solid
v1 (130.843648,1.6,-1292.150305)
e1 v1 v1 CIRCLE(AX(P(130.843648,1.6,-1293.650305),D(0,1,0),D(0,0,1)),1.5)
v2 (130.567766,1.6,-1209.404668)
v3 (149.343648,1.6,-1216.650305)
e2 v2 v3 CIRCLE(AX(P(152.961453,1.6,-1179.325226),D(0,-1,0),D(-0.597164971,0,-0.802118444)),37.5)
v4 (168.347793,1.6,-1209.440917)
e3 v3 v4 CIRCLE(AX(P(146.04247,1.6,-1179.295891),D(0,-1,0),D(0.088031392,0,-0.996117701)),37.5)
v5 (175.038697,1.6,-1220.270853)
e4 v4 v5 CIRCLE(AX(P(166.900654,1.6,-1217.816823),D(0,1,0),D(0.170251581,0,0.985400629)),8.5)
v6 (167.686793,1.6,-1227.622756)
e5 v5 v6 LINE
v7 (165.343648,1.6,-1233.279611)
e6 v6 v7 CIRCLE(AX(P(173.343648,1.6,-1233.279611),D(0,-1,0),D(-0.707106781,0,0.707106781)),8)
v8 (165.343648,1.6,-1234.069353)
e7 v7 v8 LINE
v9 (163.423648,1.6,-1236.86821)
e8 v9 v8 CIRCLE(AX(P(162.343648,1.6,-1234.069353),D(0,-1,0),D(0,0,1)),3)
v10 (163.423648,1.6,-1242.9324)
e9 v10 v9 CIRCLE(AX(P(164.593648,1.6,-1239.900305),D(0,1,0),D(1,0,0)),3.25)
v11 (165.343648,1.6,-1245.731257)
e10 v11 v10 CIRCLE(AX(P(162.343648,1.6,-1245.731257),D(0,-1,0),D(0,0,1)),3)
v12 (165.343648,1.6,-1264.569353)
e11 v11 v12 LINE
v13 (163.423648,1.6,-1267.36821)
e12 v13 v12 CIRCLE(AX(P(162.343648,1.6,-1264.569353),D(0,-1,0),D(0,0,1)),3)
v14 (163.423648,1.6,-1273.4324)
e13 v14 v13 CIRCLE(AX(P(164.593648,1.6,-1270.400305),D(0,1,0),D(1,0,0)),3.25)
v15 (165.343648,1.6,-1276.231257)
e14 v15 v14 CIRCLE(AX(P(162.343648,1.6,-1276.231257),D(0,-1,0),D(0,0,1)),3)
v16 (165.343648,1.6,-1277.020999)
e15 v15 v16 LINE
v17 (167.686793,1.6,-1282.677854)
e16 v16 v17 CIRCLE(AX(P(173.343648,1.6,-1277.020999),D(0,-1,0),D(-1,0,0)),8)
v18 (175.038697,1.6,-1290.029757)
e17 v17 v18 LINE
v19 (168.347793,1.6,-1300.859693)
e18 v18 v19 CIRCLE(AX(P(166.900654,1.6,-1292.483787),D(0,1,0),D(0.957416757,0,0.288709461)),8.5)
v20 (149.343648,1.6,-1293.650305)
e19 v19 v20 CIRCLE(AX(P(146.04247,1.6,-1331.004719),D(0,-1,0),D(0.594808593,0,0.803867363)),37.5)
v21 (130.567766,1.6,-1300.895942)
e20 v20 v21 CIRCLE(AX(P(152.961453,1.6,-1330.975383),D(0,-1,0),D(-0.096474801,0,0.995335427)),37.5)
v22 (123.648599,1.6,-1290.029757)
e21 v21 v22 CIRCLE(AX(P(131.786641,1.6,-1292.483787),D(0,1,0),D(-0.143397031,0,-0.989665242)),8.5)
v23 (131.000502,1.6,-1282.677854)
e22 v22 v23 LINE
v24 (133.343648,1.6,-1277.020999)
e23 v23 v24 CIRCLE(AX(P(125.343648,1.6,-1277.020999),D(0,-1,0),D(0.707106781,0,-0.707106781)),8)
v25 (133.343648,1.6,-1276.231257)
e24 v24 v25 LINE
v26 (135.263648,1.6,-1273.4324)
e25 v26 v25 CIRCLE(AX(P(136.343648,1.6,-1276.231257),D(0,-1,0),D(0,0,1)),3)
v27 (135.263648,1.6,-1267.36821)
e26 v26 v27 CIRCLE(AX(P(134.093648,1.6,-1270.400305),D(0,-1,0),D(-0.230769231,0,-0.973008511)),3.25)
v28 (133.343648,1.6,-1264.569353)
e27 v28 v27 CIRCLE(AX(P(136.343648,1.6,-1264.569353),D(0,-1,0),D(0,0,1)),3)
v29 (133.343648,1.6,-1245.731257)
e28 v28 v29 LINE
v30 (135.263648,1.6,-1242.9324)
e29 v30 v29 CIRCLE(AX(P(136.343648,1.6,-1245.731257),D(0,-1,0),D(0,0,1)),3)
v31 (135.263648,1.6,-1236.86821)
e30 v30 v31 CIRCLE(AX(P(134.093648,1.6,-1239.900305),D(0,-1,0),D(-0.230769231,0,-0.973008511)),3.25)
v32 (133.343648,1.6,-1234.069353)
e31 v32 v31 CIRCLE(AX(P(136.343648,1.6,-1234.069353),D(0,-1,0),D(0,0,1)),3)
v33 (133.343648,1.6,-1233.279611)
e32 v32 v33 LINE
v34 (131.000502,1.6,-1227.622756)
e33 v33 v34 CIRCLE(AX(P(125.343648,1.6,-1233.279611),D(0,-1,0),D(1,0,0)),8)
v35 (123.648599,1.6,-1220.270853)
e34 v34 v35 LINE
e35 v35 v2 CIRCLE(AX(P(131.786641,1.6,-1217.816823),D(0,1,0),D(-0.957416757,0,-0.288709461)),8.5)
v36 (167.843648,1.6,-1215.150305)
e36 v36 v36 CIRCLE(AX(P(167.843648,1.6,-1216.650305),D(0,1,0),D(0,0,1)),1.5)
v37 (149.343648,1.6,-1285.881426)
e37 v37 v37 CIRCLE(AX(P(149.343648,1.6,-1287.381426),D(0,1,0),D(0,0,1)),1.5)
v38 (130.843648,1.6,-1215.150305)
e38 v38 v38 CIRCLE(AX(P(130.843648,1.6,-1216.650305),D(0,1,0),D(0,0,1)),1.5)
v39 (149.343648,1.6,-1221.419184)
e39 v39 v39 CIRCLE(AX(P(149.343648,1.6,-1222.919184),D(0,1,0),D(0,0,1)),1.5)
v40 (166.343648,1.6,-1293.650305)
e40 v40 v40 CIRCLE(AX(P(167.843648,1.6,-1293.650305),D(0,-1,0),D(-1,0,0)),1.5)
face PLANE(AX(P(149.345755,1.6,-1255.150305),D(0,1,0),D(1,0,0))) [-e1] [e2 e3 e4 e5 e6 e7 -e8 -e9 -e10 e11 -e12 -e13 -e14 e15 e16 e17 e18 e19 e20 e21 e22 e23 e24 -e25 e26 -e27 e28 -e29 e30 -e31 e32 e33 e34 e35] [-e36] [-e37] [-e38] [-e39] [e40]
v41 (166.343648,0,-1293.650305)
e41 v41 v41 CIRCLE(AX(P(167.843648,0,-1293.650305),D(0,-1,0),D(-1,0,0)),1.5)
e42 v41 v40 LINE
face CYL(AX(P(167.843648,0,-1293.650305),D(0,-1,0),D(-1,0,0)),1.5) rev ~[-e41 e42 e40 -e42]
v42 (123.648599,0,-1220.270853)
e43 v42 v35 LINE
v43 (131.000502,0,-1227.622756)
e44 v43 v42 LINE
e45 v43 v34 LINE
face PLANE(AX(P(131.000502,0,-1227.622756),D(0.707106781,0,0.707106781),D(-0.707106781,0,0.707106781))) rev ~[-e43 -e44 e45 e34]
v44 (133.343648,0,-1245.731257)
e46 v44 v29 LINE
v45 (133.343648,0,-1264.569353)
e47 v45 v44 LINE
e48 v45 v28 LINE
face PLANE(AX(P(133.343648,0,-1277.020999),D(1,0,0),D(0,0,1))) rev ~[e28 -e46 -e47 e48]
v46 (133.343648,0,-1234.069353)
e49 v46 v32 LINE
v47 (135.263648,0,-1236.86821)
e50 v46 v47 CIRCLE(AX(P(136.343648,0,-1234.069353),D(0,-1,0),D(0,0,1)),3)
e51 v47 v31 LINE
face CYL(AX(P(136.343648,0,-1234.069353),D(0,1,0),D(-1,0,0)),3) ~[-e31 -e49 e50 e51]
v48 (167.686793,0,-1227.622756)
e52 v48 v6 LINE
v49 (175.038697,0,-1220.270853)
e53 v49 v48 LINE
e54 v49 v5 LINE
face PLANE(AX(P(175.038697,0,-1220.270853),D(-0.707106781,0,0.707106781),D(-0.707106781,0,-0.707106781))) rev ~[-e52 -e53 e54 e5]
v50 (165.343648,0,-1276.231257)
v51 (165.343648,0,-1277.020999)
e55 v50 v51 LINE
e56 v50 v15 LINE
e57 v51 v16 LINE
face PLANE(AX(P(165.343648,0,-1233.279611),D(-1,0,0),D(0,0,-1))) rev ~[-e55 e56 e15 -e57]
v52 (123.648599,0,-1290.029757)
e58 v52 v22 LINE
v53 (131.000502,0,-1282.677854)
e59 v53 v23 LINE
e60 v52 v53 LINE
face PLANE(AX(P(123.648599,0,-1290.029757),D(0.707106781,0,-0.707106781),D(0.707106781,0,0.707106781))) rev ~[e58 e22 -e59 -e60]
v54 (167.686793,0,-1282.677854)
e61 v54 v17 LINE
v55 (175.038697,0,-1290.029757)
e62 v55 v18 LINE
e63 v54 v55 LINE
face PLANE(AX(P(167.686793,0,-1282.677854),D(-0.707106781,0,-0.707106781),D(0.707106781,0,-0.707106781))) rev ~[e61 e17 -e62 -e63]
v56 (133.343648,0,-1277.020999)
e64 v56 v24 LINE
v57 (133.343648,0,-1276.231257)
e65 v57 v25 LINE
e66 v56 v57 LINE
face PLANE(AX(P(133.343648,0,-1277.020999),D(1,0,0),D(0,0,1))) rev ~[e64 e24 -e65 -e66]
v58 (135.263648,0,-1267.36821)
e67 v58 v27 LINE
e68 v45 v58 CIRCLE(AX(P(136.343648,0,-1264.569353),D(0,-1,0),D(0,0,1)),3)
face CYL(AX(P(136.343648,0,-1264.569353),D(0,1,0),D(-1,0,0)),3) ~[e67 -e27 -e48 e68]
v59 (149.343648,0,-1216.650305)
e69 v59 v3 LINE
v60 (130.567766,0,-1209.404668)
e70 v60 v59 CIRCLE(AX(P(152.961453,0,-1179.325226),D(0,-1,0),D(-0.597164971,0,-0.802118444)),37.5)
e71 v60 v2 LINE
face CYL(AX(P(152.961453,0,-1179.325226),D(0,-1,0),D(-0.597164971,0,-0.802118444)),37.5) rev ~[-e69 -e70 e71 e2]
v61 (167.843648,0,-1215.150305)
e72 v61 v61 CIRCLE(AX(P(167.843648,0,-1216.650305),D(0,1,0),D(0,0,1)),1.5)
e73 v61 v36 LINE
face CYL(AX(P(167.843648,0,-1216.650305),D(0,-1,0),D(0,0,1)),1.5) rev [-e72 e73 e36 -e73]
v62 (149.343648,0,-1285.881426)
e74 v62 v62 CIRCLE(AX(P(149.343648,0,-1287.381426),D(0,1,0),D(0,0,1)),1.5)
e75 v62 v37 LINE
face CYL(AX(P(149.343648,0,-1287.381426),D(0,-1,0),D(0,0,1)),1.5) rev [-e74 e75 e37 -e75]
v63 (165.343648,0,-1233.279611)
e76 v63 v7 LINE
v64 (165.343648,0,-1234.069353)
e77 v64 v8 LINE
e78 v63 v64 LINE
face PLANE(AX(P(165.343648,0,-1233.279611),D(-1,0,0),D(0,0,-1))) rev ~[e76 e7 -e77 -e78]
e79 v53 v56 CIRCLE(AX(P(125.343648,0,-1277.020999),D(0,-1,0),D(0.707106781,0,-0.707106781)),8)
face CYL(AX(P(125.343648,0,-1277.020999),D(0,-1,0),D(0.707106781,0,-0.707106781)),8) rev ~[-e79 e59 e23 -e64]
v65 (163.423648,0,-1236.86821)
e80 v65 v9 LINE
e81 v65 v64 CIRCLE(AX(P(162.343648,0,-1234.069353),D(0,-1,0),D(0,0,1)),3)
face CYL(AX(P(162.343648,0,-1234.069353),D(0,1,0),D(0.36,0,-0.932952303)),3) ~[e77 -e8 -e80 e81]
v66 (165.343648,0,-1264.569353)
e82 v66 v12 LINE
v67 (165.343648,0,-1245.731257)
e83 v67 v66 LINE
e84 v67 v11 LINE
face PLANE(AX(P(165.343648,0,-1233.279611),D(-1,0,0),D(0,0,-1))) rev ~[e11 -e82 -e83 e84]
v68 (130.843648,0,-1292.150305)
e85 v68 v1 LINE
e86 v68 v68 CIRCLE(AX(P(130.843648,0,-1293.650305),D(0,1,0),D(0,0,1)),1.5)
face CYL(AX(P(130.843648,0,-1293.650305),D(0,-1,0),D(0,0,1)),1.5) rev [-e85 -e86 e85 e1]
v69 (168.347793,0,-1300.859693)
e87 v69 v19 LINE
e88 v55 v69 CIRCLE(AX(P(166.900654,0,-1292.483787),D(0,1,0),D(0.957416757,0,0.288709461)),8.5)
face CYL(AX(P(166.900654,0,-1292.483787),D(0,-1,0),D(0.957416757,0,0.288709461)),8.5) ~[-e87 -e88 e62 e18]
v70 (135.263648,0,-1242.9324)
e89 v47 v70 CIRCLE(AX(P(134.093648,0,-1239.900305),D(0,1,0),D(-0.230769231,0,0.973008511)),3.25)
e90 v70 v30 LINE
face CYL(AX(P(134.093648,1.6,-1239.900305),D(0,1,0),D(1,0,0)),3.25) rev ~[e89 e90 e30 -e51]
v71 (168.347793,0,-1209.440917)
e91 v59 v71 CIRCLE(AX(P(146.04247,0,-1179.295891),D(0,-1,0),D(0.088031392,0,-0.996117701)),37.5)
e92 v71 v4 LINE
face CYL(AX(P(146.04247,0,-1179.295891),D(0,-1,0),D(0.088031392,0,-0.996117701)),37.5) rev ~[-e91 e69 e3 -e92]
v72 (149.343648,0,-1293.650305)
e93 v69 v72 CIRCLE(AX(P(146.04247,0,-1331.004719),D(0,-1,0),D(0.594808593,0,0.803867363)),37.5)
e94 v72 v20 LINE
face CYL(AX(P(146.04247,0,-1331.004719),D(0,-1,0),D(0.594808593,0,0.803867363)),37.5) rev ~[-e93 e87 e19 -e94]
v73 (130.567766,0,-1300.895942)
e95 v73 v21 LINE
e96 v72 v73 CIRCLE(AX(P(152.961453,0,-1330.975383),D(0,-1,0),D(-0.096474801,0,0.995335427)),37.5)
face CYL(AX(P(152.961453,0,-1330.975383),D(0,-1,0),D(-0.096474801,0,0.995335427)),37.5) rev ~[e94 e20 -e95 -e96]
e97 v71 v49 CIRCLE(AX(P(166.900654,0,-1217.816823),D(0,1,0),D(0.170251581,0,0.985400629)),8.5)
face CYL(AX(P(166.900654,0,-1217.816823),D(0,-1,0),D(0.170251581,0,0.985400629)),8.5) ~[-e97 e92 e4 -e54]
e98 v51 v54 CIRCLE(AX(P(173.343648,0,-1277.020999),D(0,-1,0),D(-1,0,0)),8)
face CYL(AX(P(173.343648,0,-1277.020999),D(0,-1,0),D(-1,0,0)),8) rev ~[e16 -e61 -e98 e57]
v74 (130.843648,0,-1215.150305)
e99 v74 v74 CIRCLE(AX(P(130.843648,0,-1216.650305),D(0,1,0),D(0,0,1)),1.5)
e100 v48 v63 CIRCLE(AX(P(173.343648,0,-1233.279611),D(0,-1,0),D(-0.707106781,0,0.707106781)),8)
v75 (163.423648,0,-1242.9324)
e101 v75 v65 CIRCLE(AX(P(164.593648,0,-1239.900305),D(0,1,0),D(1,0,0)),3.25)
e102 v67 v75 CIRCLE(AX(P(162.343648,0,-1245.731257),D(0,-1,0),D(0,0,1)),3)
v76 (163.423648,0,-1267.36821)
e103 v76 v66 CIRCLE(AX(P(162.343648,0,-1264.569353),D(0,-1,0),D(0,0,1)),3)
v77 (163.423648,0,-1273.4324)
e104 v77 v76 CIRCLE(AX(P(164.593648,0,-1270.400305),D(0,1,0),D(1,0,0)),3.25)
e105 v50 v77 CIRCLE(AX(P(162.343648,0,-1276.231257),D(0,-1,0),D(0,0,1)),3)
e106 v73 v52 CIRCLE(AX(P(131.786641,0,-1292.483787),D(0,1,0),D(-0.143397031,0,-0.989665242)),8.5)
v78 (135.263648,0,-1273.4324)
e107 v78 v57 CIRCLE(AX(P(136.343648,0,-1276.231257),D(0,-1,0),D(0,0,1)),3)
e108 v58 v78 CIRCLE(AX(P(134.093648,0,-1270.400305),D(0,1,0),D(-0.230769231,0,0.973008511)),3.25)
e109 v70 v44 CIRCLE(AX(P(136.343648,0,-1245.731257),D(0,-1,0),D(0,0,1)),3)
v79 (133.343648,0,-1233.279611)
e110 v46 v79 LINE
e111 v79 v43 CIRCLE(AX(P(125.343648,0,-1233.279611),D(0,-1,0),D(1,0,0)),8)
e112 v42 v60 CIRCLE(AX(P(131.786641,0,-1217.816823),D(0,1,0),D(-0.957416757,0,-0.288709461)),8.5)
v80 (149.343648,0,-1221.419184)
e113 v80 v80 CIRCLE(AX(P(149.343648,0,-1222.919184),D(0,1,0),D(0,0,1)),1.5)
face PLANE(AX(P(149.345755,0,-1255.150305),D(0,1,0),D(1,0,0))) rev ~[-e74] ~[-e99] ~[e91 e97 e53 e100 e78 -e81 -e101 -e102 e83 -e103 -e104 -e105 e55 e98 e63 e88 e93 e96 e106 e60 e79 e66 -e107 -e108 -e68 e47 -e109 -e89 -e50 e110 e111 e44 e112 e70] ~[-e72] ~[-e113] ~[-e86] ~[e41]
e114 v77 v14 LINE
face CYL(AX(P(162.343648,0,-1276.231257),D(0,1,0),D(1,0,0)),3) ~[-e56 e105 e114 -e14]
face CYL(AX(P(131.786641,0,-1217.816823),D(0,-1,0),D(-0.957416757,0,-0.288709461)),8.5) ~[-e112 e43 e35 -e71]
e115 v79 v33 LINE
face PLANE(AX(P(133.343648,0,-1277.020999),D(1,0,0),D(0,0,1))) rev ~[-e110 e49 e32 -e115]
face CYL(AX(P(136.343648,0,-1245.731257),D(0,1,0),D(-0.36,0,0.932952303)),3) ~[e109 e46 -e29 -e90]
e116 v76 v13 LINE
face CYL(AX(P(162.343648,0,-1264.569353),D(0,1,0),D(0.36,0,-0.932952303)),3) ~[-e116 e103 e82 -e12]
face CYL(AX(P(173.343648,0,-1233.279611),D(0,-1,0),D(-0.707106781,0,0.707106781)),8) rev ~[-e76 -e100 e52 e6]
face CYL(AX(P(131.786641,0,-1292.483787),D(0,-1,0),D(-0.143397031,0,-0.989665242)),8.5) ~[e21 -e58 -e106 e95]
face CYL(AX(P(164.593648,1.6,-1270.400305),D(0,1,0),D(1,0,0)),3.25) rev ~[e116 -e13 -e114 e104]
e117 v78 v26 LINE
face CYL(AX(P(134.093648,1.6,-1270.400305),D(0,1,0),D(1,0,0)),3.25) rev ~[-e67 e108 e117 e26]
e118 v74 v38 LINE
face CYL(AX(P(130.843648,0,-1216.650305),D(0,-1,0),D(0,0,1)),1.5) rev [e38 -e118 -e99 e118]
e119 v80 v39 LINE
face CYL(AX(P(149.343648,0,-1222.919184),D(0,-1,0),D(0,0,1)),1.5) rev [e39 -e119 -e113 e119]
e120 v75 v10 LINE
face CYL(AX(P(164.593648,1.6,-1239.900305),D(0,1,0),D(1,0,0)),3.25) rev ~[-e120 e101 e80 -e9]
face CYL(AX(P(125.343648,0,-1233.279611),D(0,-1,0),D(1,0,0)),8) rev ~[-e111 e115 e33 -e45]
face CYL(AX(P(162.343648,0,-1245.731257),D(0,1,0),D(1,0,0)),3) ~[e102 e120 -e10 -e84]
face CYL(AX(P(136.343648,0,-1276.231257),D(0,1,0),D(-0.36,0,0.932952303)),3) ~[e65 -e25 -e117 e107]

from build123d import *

# Parameters (mm, degrees)
SKETCH1_R           = 1.5
BOSS_EXTRUDE1_DEPTH = 1.6
SKETCH2_R           = 3.25
CUT_EXTRUDE1_DEPTH  = 1.6
FILLET1_R           = 3


with BuildPart() as part:
    # Sketch1 → Boss-Extrude1 (new body)
    with BuildSketch(Plane(origin=(0, 0, 0), x_dir=(1, 0, 0), z_dir=(0, 1, 0))):
        with BuildLine():
            ThreePointArc((168.347792712, 1300.859692621), (159.343486253, 1295.942873675), (149.343647654, 1293.65030495))
            ThreePointArc((149.343647654, 1293.65030495), (139.460555114, 1295.990018463), (130.567766275, 1300.895941835))
            ThreePointArc((130.567766275, 1300.895941835), (124.616810573, 1297.0492589), (123.648598599, 1290.029756856))
            Line((123.648598599, 1290.029756856), (131.000501903, 1282.677853551))
            ThreePointArc((131.000501903, 1282.677853551), (132.734683914, 1280.082466761), (133.343647654, 1277.020999302))
            Line((133.343647654, 1277.020999302), (133.343647654, 1272.65030495))
            Line((133.343647654, 1272.65030495), (133.343647654, 1269.65030495))
            Line((133.343647654, 1269.65030495), (133.343647654, 1240.65030495))
            Line((133.343647654, 1240.65030495), (133.343647654, 1237.65030495))
            Line((133.343647654, 1237.65030495), (133.343647654, 1233.279610599))
            ThreePointArc((133.343647654, 1233.279610599), (132.734683914, 1230.21814314), (131.000501903, 1227.622756349))
            Line((131.000501903, 1227.622756349), (123.648598599, 1220.270853045))
            ThreePointArc((123.648598599, 1220.270853045), (124.616810573, 1213.251351001), (130.567766275, 1209.404668065))
            ThreePointArc((130.567766275, 1209.404668065), (139.460555114, 1214.310591438), (149.343647654, 1216.65030495))
            ThreePointArc((149.343647654, 1216.65030495), (159.343486253, 1214.357736226), (168.347792712, 1209.44091728))
            ThreePointArc((168.347792712, 1209.44091728), (174.131892083, 1213.349250607), (175.038696709, 1220.270853045))
            Line((175.038696709, 1220.270853045), (167.686793404, 1227.622756349))
            ThreePointArc((167.686793404, 1227.622756349), (165.952611394, 1230.21814314), (165.343647654, 1233.279610599))
            Line((165.343647654, 1233.279610599), (165.343647654, 1237.65030495))
            Line((165.343647654, 1237.65030495), (165.343647654, 1240.65030495))
            Line((165.343647654, 1240.65030495), (165.343647654, 1269.65030495))
            Line((165.343647654, 1269.65030495), (165.343647654, 1272.65030495))
            Line((165.343647654, 1272.65030495), (165.343647654, 1277.020999302))
            ThreePointArc((165.343647654, 1277.020999302), (165.952611394, 1280.082466761), (167.686793404, 1282.677853551))
            Line((167.686793404, 1282.677853551), (175.038696709, 1290.029756856))
            ThreePointArc((175.038696709, 1290.029756856), (174.131892083, 1296.951359294), (168.347792712, 1300.859692621))
        make_face()
        with Locations(Location((130.843647654, 1216.65030495, 0), (0, 0, 270))):
            Circle(SKETCH1_R, mode=Mode.SUBTRACT)
        with Locations(Location((149.343647654, 1222.919184261, 0), (0, 0, 270))):
            Circle(SKETCH1_R, mode=Mode.SUBTRACT)
        with Locations(Location((167.843647654, 1216.65030495, 0), (0, 0, 270))):
            Circle(SKETCH1_R, mode=Mode.SUBTRACT)
        with Locations(Location((130.843647654, 1293.65030495, 0), (0, 0, 270))):
            Circle(SKETCH1_R, mode=Mode.SUBTRACT)
        with Locations(Location((149.343647654, 1287.38142564, 0), (0, 0, 270))):
            Circle(SKETCH1_R, mode=Mode.SUBTRACT)
        with BuildLine():
            ThreePointArc((169.343647654, 1293.65030495), (167.843647654, 1292.15030495), (166.343647654, 1293.65030495))
            ThreePointArc((166.343647654, 1293.65030495), (167.843647654, 1295.15030495), (169.343647654, 1293.65030495))
        make_face(mode=Mode.SUBTRACT)
    extrude(amount=BOSS_EXTRUDE1_DEPTH)

    # Sketch2 → Cut-Extrude1 (cut)
    with BuildSketch(Plane(origin=(0, 1.6, 0), x_dir=(1, 0, 0), z_dir=(0, 1, 0))):
        with Locations((134.093647654, 1239.90030495)):
            Circle(SKETCH2_R)
        with Locations((164.593647654, 1239.90030495)):
            Circle(SKETCH2_R)
        with Locations((164.593647654, 1270.40030495)):
            Circle(SKETCH2_R)
        with Locations((134.093647654, 1270.40030495)):
            Circle(SKETCH2_R)
    extrude(amount=-CUT_EXTRUDE1_DEPTH, mode=Mode.SUBTRACT)

    # Fillet1
    fillet1_edges = [part.edges().sort_by_distance(p)[0] for p in [
        (133.343647654, 0.8, -1243.062582611),
        (133.343647654, 0.8, -1236.73802729),
        (133.343647654, 0.8, -1273.562582611),
        (133.343647654, 0.8, -1267.23802729),
        (165.343647654, 0.8, -1267.23802729),
        (165.343647654, 0.8, -1273.562582611),
        (165.343647654, 0.8, -1236.73802729),
        (165.343647654, 0.8, -1243.062582611),
    ]]
    fillet(fillet1_edges, radius=FILLET1_R)


solid = part.part
